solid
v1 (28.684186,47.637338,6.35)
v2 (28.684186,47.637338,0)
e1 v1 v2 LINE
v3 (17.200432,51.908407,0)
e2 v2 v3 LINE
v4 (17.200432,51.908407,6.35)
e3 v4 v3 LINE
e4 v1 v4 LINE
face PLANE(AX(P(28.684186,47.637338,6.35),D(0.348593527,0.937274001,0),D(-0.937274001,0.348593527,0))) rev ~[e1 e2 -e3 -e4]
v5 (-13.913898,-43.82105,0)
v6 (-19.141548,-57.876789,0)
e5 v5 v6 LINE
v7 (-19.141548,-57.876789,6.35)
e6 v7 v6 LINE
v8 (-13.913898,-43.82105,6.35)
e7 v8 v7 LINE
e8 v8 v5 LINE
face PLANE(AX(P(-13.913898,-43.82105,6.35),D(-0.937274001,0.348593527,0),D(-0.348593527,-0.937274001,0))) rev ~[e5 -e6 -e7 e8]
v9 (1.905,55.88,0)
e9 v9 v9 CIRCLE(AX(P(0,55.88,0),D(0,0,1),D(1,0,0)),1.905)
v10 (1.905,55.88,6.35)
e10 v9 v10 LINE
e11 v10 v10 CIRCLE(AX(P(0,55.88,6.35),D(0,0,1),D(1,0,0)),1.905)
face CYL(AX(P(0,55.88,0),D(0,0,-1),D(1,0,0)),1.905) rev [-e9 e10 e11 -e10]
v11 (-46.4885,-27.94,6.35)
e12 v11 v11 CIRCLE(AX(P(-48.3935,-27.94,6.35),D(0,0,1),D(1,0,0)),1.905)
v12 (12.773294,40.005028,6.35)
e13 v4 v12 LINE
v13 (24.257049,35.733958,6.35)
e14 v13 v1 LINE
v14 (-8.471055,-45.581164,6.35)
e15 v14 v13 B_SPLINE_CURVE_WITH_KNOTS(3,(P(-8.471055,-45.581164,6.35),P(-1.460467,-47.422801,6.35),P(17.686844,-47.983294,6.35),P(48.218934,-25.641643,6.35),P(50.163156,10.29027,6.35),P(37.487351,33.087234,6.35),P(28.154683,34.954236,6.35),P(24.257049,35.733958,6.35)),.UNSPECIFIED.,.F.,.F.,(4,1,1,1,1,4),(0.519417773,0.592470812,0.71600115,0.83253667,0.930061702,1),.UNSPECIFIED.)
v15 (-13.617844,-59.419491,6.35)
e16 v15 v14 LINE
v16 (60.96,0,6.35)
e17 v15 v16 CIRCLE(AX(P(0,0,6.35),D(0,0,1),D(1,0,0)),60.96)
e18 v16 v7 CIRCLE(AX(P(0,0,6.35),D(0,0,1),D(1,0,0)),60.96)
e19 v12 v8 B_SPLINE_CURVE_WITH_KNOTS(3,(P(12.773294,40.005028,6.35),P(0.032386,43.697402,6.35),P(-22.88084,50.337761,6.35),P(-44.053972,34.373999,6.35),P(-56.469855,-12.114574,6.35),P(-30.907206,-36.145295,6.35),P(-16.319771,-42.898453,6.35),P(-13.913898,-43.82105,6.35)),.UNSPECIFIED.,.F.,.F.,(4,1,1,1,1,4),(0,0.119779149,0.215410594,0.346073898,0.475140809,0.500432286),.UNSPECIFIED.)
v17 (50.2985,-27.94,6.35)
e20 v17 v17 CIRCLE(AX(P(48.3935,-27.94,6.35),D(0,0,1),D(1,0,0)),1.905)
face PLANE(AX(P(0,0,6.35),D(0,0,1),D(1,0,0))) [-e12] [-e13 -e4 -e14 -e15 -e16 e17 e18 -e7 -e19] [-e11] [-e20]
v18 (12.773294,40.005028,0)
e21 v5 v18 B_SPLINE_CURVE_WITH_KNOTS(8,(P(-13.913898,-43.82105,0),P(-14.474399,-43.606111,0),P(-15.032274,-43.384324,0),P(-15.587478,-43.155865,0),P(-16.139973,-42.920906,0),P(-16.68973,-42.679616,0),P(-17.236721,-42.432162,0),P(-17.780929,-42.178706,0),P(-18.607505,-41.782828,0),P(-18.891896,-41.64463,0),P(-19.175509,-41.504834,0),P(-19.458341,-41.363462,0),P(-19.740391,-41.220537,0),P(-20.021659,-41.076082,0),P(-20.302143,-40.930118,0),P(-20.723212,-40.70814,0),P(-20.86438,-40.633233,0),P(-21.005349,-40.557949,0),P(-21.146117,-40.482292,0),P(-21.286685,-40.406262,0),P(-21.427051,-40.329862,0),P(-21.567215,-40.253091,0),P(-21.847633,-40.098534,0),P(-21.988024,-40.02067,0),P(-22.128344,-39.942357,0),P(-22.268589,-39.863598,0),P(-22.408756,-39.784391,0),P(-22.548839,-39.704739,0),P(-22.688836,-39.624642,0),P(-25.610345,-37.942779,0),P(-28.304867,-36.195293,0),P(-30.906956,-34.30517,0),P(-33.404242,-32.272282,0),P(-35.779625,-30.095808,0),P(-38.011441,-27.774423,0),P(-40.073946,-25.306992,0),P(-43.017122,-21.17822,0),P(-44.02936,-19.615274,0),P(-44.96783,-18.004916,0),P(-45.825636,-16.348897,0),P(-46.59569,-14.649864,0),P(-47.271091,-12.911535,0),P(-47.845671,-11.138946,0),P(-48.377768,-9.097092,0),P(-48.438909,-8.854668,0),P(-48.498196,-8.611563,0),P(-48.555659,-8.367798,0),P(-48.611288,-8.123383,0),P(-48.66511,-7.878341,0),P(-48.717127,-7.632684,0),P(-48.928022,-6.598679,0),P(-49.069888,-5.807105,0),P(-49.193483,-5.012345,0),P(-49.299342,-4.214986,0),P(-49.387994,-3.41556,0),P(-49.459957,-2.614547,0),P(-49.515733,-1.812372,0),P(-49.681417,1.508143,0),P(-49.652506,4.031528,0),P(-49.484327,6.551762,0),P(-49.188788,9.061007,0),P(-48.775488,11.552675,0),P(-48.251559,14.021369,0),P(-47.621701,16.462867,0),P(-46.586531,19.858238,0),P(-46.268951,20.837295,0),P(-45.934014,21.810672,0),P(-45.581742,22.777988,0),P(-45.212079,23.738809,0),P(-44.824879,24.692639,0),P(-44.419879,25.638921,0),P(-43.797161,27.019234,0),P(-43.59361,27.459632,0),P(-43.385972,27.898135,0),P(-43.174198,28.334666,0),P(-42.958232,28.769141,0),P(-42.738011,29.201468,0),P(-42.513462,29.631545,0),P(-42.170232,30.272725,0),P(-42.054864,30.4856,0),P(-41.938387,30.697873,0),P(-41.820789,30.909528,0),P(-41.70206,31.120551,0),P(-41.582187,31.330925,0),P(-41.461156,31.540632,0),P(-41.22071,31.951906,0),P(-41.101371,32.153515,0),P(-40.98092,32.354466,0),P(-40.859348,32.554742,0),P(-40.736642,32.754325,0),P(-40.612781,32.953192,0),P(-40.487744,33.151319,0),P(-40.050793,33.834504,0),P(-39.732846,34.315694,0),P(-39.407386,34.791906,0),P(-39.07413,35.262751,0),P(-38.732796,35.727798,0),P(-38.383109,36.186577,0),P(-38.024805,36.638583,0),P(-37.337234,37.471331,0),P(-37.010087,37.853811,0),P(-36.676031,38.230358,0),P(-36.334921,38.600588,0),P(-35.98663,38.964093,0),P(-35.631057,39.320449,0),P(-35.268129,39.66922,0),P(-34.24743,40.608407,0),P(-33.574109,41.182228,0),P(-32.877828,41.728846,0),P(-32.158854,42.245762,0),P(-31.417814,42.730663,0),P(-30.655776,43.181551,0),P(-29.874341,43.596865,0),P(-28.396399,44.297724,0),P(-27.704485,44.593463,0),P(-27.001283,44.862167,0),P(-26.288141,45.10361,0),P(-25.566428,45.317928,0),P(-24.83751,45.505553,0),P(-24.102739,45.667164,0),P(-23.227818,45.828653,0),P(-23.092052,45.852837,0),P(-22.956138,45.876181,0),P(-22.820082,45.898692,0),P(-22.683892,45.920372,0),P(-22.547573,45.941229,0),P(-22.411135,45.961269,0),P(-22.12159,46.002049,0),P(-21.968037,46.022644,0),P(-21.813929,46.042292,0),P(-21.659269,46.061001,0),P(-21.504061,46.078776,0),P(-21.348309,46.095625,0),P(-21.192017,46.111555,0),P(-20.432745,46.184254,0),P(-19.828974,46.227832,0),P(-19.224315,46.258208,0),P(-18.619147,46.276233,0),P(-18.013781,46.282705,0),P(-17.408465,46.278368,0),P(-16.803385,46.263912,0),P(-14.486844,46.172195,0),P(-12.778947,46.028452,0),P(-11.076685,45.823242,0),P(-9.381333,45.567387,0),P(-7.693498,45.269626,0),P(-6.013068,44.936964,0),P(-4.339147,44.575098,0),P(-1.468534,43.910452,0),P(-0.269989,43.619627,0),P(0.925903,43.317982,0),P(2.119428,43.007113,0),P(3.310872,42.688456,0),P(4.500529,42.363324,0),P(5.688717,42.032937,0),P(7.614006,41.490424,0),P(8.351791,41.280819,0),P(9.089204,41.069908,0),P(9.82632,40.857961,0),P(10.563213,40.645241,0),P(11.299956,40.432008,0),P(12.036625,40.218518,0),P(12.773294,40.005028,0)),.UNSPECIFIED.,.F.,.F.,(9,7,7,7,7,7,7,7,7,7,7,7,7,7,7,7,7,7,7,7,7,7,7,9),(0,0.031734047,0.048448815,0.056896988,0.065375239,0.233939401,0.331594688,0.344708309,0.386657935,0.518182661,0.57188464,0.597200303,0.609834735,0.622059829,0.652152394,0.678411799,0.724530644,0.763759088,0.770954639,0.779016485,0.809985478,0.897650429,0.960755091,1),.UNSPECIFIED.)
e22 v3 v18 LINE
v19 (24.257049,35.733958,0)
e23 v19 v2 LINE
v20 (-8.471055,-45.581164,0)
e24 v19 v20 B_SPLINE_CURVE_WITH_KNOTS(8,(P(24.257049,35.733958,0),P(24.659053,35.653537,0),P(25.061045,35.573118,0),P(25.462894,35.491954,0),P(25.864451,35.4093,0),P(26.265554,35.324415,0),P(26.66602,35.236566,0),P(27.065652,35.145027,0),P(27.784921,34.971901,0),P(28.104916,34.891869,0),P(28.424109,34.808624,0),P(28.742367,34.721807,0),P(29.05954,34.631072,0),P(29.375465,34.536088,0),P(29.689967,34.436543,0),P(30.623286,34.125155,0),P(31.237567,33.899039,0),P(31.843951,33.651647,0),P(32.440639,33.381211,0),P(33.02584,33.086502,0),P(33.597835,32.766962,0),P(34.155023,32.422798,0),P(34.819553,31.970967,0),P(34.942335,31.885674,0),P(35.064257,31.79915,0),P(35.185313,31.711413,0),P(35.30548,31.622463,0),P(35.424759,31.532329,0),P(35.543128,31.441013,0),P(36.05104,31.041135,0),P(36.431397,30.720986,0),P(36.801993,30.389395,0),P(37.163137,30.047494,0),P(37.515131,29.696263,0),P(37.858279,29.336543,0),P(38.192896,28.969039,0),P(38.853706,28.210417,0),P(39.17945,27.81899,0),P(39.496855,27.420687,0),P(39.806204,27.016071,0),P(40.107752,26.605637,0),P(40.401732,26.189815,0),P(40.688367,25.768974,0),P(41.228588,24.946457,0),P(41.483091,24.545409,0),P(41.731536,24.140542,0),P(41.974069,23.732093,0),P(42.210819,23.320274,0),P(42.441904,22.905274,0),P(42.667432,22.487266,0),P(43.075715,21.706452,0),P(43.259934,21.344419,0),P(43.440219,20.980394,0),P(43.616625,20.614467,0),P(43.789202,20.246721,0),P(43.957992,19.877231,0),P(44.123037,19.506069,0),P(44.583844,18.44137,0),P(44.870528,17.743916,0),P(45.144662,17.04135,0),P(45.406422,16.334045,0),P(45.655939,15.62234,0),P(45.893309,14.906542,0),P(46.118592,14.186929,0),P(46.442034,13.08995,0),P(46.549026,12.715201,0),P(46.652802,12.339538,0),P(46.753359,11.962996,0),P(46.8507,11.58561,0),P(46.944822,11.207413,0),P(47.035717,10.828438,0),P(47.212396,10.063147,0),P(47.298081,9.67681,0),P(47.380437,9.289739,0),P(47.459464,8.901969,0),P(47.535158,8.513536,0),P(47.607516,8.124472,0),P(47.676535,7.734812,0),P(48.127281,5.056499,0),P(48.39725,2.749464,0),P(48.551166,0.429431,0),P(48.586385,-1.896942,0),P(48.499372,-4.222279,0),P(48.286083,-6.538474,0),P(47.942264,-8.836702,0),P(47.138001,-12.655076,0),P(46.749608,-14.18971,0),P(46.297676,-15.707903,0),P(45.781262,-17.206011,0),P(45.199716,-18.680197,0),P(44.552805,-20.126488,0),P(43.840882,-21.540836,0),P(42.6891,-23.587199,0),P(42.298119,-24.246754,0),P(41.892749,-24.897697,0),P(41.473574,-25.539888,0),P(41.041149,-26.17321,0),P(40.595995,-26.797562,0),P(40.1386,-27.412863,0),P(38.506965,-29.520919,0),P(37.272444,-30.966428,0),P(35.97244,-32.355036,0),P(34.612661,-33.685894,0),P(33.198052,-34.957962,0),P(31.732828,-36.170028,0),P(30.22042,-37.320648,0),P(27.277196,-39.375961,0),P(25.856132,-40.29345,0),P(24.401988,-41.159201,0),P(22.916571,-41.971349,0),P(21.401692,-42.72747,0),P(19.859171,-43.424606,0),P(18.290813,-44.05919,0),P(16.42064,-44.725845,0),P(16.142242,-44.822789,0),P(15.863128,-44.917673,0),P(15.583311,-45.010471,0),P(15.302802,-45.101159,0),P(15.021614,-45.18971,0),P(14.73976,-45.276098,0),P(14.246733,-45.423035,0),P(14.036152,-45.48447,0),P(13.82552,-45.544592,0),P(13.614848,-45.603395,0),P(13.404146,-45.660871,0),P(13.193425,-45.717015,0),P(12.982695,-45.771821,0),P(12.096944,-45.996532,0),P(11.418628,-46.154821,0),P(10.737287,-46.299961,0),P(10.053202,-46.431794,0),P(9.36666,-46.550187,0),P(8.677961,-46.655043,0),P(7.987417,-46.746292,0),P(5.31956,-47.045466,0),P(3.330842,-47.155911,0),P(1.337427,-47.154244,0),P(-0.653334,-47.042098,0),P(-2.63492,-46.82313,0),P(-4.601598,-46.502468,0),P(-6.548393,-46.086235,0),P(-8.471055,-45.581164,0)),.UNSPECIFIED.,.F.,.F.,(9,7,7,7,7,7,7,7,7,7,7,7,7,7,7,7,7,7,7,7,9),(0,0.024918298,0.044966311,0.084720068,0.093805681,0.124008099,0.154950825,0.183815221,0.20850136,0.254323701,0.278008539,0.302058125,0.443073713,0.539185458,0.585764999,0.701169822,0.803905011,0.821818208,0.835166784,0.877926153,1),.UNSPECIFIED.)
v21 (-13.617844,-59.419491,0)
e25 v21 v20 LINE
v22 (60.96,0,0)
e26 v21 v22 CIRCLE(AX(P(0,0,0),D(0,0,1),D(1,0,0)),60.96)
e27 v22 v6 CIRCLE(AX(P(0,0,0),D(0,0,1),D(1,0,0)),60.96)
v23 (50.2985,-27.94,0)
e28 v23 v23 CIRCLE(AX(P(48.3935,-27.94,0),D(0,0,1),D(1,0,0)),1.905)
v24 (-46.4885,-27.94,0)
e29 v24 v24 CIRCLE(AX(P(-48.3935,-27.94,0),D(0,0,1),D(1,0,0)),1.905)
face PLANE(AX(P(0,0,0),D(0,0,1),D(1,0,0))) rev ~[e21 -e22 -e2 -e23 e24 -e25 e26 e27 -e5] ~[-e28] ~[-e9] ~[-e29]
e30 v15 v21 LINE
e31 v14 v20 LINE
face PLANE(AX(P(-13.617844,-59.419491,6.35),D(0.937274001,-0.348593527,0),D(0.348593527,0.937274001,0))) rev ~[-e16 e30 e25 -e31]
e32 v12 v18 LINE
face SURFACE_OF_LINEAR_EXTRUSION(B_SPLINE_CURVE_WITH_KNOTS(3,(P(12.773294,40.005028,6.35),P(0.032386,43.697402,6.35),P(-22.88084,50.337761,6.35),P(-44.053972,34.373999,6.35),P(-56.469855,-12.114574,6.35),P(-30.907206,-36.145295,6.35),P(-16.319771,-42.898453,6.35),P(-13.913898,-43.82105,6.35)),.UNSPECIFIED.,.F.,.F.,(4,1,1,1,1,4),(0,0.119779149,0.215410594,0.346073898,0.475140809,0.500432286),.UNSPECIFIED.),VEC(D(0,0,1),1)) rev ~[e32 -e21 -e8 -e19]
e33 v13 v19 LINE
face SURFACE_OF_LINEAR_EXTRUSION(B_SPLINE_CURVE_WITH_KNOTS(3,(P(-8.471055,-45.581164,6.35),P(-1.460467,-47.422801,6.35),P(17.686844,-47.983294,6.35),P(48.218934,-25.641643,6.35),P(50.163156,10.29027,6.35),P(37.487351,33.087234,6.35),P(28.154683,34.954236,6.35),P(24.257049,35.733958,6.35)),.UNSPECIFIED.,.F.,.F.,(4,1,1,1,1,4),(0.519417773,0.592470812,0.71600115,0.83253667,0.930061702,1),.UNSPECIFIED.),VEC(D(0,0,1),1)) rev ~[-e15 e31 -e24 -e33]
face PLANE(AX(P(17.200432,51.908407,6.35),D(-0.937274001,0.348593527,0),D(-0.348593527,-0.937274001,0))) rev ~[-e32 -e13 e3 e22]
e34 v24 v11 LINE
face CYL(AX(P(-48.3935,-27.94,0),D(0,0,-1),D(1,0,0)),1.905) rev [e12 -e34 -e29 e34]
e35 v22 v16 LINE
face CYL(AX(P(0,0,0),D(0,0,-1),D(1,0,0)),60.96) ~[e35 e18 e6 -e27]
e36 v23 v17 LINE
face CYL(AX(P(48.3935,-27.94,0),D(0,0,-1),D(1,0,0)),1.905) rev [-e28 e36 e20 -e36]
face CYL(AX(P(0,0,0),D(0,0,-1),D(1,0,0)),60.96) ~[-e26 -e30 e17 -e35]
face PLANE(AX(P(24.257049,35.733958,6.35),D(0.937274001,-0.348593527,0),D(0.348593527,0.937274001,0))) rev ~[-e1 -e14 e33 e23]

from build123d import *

# Parameters (mm, degrees)
F0_R     = 60.96
F0_R_2   = 1.905
F1_DEPTH = 6.35
F3_DEPTH = 25.4


with BuildPart() as f1:
    # F0 (on Top) → F1 (new body)
    with BuildSketch(Plane.XY):
        Circle(F0_R)
        with Locations((-48.3934995635, -27.94)):
            Circle(F0_R_2, mode=Mode.SUBTRACT)
        with Locations((48.3934995635, -27.94)):
            Circle(F0_R_2, mode=Mode.SUBTRACT)
        with Locations((0, 55.88)):
            Circle(F0_R_2, mode=Mode.SUBTRACT)
    extrude(amount=F1_DEPTH)

    # F2 (on face) → F3 (cut)
    with BuildSketch(Plane.XY.offset(6.35)):
        with BuildLine():
            Line((24.257048546, 35.7339580402), (28.6841863358, 47.637337854))
            Line((28.6841863358, 47.637337854), (17.2004320021, 51.9084073799))
            Line((17.2004320021, 51.9084073799), (12.7732942124, 40.0050275662))
            add(Edge.make_bspline(
                [(12.7732942124, 40.0050275662), (0.0323857641, 43.6974020419), (-22.8808397113, 50.3377612632), (-44.0539719648, 34.3739986283), (-56.469854973, -12.1145744786), (-30.9072056586, -36.1452951273), (-16.319770834, -42.8984529727), (-13.9138982015, -43.8210497444)],
                knots=[0, 0, 0, 0, 0.1197791492, 0.2154105937, 0.3460738975, 0.4751408094, 0.5004322856, 0.5004322856, 0.5004322856, 0.5004322856], degree=3))
            add(Edge.make_bspline(
                [(-13.9138982015, -43.8210497444), (-12.1078879679, -44.5136130948), (-10.2930109225, -45.1025475054), (-8.4710548195, -45.5811639146)],
                knots=[0.5004322856, 0.5004322856, 0.5004322856, 0.5004322856, 0.5194177731, 0.5194177731, 0.5194177731, 0.5194177731], degree=3))
            add(Edge.make_bspline(
                [(-8.4710548195, -45.5811639146), (-1.4604668232, -47.4228012886), (17.6868438305, -47.983293882), (48.2189338992, -25.6416429446), (50.1631563842, 10.2902696592), (37.4873512481, 33.0872342621), (28.1546833673, 34.9542356868), (24.257048546, 35.7339580402)],
                knots=[0.5194177731, 0.5194177731, 0.5194177731, 0.5194177731, 0.5924708125, 0.7160011499, 0.8325366704, 0.9300617023, 1, 1, 1, 1], degree=3))
        make_face()
        with BuildLine():
            Line((-13.6178436033, -59.4194912095), (-8.4710548195, -45.5811639146))
            add(Edge.make_bspline(
                [(-13.9138982015, -43.8210497444), (-12.1078879679, -44.5136130948), (-10.2930109225, -45.1025475054), (-8.4710548195, -45.5811639146)],
                knots=[0.5004322856, 0.5004322856, 0.5004322856, 0.5004322856, 0.5194177731, 0.5194177731, 0.5194177731, 0.5194177731], degree=3))
            Line((-13.9138982015, -43.8210497444), (-19.1415476023, -57.8767894357))
            ThreePointArc((-19.1415476023, -57.8767894357), (-16.3978477316, -58.7131347295), (-13.6178436033, -59.4194912095))
        make_face()
    extrude(amount=-F3_DEPTH, mode=Mode.SUBTRACT)


solid = f1.part
